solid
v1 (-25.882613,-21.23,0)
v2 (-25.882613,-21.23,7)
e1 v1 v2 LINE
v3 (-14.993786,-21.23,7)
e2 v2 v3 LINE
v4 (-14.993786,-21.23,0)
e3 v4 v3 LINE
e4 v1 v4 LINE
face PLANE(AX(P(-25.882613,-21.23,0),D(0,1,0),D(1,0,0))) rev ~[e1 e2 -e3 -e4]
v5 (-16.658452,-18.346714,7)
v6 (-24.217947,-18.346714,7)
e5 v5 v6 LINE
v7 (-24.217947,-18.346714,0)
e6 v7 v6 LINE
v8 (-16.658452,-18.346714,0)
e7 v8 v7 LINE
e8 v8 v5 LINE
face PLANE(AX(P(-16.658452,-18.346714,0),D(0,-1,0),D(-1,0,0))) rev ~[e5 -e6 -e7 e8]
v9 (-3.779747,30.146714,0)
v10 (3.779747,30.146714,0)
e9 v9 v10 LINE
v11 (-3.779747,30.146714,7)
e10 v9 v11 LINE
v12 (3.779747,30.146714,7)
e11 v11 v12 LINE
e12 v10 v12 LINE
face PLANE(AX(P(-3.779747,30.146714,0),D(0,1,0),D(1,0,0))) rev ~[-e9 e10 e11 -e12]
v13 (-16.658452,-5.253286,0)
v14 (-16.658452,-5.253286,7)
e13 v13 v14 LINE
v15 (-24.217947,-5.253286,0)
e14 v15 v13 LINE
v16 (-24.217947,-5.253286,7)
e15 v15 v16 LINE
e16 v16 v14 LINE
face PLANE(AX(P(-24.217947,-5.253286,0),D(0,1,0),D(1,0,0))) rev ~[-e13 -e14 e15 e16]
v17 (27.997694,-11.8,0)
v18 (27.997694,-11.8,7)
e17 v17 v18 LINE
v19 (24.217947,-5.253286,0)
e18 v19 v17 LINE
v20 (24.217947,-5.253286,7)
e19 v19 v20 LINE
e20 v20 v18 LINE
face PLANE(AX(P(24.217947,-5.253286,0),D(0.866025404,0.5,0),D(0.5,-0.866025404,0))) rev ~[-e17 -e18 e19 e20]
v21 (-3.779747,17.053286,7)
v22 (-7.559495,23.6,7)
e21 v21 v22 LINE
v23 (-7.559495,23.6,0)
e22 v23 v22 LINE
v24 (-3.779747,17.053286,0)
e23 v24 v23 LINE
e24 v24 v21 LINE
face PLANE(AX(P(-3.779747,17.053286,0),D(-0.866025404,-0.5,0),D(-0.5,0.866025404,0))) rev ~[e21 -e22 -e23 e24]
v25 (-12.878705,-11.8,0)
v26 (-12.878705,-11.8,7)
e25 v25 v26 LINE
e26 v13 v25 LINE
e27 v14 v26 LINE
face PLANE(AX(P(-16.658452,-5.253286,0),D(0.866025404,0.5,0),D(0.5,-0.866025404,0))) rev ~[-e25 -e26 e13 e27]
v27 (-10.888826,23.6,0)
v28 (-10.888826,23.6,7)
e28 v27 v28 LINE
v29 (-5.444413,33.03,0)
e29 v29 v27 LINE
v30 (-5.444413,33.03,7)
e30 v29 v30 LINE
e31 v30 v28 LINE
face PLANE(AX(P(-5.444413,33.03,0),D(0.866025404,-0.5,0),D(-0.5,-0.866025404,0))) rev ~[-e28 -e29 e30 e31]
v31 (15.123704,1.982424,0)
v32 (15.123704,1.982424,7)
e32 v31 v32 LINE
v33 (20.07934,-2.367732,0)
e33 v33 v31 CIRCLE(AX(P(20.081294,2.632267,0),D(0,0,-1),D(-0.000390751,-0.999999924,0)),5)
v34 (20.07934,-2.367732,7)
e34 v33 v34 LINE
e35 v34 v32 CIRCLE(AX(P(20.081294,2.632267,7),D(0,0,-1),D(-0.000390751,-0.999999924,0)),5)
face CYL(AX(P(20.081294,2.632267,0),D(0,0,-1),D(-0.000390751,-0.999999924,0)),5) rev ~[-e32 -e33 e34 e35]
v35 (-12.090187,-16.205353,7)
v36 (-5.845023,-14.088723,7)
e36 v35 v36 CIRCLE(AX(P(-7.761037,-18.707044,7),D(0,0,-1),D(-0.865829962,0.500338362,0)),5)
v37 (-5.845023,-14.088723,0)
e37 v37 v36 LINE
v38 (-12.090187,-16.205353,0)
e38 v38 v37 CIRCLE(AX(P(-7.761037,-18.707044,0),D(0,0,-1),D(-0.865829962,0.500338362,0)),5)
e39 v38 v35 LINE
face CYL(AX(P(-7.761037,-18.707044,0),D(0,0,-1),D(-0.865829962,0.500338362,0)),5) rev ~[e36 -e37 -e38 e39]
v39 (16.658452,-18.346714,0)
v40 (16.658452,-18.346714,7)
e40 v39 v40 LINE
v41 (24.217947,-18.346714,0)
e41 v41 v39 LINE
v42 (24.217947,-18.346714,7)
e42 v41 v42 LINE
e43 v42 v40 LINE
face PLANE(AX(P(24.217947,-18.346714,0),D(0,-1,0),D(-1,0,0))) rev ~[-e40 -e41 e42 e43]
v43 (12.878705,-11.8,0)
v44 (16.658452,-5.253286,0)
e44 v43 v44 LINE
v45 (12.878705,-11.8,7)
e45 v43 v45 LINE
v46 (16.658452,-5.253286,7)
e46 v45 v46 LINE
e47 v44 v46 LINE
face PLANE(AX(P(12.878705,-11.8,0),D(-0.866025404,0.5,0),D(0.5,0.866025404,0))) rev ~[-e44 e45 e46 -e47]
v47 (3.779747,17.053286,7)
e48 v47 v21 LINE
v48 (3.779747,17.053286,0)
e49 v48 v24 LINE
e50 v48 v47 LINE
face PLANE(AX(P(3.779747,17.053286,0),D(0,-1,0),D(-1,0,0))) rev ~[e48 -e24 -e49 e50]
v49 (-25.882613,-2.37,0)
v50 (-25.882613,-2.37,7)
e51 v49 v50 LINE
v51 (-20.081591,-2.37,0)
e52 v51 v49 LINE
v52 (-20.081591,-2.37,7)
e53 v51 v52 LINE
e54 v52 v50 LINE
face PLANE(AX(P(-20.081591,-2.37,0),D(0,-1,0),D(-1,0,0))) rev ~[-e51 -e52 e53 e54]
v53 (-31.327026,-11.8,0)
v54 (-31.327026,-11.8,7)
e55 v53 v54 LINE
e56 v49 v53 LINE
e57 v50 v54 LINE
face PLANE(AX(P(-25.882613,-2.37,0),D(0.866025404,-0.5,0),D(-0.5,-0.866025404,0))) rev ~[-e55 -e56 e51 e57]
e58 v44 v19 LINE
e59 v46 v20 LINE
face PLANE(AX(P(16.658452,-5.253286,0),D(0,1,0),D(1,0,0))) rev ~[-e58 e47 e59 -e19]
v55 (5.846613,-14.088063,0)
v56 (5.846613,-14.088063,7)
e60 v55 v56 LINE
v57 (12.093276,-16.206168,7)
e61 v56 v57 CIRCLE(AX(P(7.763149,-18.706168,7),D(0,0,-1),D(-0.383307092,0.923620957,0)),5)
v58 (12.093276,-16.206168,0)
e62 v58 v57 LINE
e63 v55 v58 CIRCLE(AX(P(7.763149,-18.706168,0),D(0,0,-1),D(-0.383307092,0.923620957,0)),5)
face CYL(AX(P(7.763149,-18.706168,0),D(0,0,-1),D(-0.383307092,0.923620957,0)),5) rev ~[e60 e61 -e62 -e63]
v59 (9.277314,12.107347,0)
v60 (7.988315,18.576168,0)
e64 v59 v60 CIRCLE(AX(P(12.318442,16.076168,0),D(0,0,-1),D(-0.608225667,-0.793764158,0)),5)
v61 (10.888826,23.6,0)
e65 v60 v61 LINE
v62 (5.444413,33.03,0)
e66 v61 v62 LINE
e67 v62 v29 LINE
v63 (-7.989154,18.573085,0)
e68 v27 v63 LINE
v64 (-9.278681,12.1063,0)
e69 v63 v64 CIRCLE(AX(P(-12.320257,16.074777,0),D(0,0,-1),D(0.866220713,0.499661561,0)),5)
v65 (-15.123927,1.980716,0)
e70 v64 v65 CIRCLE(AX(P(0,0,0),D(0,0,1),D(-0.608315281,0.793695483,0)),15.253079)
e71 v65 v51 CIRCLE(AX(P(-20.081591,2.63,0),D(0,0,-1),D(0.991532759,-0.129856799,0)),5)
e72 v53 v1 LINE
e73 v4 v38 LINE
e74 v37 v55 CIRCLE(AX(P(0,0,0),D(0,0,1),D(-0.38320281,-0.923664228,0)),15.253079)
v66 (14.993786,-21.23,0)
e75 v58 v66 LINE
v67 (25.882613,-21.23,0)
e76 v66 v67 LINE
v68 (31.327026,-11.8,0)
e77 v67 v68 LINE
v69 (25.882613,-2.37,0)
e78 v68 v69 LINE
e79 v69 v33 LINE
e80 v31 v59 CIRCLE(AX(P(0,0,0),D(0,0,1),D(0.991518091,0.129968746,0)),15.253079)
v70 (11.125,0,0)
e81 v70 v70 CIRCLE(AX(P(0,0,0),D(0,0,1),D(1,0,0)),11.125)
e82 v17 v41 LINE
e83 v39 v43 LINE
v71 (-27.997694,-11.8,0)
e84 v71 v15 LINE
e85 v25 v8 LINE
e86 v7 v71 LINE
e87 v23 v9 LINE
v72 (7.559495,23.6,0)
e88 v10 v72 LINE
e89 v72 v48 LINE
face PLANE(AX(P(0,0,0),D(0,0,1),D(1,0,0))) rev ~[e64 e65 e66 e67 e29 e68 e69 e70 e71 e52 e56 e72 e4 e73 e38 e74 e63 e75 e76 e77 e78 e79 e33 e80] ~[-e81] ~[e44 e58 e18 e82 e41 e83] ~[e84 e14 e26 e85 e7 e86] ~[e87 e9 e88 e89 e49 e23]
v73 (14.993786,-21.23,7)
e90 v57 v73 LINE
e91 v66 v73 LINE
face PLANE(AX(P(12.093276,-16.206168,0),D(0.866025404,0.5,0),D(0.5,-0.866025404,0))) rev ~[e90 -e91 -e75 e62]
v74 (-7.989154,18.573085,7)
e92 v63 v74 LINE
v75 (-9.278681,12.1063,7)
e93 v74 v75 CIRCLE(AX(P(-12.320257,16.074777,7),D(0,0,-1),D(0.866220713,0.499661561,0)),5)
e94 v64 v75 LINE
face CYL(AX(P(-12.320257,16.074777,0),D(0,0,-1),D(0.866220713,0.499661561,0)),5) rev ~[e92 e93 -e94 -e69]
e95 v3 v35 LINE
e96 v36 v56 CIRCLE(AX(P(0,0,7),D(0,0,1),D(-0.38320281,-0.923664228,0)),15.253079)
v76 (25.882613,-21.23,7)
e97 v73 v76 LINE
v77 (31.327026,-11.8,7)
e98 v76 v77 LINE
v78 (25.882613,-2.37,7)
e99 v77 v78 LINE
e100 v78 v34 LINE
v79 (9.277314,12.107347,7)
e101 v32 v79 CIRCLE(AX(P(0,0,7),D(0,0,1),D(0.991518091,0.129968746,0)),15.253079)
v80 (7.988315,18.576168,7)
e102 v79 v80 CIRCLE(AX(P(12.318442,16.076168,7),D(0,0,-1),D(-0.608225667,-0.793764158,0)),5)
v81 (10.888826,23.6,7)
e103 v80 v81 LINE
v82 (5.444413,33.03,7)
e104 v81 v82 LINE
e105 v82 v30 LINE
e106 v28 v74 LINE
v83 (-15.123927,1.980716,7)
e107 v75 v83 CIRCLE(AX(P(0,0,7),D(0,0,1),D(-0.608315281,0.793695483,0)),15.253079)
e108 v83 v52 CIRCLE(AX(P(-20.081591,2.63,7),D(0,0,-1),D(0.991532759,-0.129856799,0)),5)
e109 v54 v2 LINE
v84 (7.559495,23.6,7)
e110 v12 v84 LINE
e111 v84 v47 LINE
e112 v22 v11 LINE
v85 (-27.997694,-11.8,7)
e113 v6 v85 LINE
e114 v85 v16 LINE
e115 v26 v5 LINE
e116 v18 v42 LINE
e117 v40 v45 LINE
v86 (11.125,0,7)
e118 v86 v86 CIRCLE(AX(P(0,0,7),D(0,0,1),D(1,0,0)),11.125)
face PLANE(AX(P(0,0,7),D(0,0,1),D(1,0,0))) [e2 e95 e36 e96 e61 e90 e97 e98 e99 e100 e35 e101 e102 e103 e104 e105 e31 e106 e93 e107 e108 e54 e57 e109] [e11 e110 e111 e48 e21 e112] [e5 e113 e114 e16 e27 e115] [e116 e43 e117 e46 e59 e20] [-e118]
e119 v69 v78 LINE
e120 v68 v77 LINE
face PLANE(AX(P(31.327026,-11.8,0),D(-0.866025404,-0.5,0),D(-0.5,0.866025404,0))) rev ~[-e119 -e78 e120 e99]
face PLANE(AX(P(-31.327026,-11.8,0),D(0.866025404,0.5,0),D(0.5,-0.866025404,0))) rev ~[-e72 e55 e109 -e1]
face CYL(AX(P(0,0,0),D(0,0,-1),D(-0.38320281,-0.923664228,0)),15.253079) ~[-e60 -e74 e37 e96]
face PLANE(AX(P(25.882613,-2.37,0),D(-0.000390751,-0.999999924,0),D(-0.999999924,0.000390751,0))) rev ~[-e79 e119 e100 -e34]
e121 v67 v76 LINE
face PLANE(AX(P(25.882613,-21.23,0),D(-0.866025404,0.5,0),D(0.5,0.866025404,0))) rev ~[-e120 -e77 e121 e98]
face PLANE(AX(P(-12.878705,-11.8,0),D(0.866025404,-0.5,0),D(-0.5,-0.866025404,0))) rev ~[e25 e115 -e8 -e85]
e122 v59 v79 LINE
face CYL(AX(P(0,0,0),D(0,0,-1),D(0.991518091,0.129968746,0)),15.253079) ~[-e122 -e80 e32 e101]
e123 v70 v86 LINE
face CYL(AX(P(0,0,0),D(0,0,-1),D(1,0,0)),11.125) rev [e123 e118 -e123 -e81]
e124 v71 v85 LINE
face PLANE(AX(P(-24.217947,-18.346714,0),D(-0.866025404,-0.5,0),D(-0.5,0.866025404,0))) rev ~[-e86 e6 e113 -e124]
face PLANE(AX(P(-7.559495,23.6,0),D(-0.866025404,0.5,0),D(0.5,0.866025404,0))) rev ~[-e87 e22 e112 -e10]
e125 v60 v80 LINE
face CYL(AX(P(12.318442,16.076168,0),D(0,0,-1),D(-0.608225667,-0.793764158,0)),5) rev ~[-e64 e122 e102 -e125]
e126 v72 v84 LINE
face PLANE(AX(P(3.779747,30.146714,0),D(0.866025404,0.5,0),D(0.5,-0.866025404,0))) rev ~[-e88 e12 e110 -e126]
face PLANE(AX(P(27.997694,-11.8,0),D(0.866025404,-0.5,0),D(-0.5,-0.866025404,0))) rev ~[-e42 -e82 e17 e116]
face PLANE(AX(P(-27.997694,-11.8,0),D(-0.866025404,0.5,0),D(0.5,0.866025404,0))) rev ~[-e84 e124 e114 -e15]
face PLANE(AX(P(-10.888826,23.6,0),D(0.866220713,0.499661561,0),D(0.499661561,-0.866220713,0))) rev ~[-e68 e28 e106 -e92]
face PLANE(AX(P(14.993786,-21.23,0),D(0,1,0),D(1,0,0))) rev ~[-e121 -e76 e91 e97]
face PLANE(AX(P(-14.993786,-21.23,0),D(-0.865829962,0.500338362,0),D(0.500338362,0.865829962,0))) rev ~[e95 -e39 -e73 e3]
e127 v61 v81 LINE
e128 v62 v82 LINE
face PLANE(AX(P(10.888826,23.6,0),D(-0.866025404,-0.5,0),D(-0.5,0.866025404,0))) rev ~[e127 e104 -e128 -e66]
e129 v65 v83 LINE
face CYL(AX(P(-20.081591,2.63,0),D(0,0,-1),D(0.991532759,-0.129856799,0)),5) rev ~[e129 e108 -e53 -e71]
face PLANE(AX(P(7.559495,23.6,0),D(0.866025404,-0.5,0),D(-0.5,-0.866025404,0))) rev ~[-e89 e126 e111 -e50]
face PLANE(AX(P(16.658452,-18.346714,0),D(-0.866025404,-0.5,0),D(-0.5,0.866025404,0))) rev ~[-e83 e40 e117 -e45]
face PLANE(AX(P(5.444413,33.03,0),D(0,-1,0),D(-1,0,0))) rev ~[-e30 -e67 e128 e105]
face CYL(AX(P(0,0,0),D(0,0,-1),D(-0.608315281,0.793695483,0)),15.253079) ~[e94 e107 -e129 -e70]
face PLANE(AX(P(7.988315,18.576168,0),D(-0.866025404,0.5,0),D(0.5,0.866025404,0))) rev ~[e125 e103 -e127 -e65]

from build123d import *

# Parameters (mm, degrees)
F0_R     = 11.125
F1_DEPTH = 7


with BuildPart() as f1:
    # F0 (on Top) → F1 (new body)
    with BuildSketch(Plane.XY):
        with BuildLine():
            Line((5.4444130385, 33.03), (0, 33.03))
            Line((0, 33.03), (-5.4444130385, 33.03))
            Line((-5.4444130385, 33.03), (-10.8888260769, 23.6))
            Line((-10.8888260769, 23.6), (-7.9891537925, 18.5730850074))
            ThreePointArc((-7.9891537925, 18.5730850074), (-7.4167963098, 15.0969890115), (-9.2786809539, 12.1062997878))
            ThreePointArc((-9.2786809539, 12.1062997878), (-13.2099842894, 7.6257937206), (-15.123927364, 1.9807160028))
            ThreePointArc((-15.123927364, 1.9807160028), (-16.7835932791, -1.1280859481), (-20.0815911577, -2.37))
            Line((-20.0815911577, -2.37), (-25.8826125678, -2.37))
            Line((-25.8826125678, -2.37), (-31.3270256062, -11.8))
            Line((-31.3270256062, -11.8), (-25.8826125678, -21.23))
            Line((-25.8826125678, -21.23), (-14.9937864909, -21.23))
            Line((-14.9937864909, -21.23), (-12.0901865468, -16.2053526428))
            ThreePointArc((-12.0901865468, -16.2053526428), (-9.3659778497, -13.9716285248), (-5.8450226851, -14.0887233136))
            ThreePointArc((-5.8450226851, -14.0887233136), (0.0008610586, -15.2530788386), (5.8466133059, -14.0880633036))
            ThreePointArc((5.8466133059, -14.0880633036), (9.3687477282, -13.9709751725), (12.0932757858, -16.206168091))
            Line((12.0932757858, -16.206168091), (14.9937864909, -21.23))
            Line((14.9937864909, -21.23), (25.8826125678, -21.23))
            Line((25.8826125678, -21.23), (31.3270256062, -11.8))
            Line((31.3270256062, -11.8), (25.8826125678, -2.37))
            Line((25.8826125678, -2.37), (20.0793403393, -2.3677323646))
            ThreePointArc((20.0793403393, -2.3677323646), (16.7827741595, -1.1253604867), (15.123703639, 1.9824235258))
            ThreePointArc((15.123703639, 1.9824235258), (13.2091232308, 7.6272851179), (9.2773140581, 12.1073473009))
            ThreePointArc((9.2773140581, 12.1073473009), (7.4148455509, 15.0990611206), (7.9883153719, 18.576168091))
            Line((7.9883153719, 18.576168091), (10.8888260769, 23.6))
            Line((10.8888260769, 23.6), (5.4444130385, 33.03))
        make_face()
        Polygon((-16.6584522659, -5.2532857001), (-12.8787050026, -11.8), (-16.6584522659, -18.3467142999), (-24.2179467927, -18.3467142999), (-27.997694056, -11.8), (-24.2179467927, -5.2532857001), align=None, mode=Mode.SUBTRACT)
        Polygon((12.8787050026, -11.8), (16.6584522659, -5.2532857001), (24.2179467927, -5.2532857001), (27.997694056, -11.8), (24.2179467927, -18.3467142999), (16.6584522659, -18.3467142999), align=None, mode=Mode.SUBTRACT)
        Circle(F0_R, mode=Mode.SUBTRACT)
        Polygon((-3.7797472634, 30.1467142999), (0, 30.1467142999), (3.7797472634, 30.1467142999), (7.5594945267, 23.6), (3.7797472634, 17.0532857001), (-3.7797472634, 17.0532857001), (-7.5594945267, 23.6), align=None, mode=Mode.SUBTRACT)
    extrude(amount=F1_DEPTH)


solid = f1.part
